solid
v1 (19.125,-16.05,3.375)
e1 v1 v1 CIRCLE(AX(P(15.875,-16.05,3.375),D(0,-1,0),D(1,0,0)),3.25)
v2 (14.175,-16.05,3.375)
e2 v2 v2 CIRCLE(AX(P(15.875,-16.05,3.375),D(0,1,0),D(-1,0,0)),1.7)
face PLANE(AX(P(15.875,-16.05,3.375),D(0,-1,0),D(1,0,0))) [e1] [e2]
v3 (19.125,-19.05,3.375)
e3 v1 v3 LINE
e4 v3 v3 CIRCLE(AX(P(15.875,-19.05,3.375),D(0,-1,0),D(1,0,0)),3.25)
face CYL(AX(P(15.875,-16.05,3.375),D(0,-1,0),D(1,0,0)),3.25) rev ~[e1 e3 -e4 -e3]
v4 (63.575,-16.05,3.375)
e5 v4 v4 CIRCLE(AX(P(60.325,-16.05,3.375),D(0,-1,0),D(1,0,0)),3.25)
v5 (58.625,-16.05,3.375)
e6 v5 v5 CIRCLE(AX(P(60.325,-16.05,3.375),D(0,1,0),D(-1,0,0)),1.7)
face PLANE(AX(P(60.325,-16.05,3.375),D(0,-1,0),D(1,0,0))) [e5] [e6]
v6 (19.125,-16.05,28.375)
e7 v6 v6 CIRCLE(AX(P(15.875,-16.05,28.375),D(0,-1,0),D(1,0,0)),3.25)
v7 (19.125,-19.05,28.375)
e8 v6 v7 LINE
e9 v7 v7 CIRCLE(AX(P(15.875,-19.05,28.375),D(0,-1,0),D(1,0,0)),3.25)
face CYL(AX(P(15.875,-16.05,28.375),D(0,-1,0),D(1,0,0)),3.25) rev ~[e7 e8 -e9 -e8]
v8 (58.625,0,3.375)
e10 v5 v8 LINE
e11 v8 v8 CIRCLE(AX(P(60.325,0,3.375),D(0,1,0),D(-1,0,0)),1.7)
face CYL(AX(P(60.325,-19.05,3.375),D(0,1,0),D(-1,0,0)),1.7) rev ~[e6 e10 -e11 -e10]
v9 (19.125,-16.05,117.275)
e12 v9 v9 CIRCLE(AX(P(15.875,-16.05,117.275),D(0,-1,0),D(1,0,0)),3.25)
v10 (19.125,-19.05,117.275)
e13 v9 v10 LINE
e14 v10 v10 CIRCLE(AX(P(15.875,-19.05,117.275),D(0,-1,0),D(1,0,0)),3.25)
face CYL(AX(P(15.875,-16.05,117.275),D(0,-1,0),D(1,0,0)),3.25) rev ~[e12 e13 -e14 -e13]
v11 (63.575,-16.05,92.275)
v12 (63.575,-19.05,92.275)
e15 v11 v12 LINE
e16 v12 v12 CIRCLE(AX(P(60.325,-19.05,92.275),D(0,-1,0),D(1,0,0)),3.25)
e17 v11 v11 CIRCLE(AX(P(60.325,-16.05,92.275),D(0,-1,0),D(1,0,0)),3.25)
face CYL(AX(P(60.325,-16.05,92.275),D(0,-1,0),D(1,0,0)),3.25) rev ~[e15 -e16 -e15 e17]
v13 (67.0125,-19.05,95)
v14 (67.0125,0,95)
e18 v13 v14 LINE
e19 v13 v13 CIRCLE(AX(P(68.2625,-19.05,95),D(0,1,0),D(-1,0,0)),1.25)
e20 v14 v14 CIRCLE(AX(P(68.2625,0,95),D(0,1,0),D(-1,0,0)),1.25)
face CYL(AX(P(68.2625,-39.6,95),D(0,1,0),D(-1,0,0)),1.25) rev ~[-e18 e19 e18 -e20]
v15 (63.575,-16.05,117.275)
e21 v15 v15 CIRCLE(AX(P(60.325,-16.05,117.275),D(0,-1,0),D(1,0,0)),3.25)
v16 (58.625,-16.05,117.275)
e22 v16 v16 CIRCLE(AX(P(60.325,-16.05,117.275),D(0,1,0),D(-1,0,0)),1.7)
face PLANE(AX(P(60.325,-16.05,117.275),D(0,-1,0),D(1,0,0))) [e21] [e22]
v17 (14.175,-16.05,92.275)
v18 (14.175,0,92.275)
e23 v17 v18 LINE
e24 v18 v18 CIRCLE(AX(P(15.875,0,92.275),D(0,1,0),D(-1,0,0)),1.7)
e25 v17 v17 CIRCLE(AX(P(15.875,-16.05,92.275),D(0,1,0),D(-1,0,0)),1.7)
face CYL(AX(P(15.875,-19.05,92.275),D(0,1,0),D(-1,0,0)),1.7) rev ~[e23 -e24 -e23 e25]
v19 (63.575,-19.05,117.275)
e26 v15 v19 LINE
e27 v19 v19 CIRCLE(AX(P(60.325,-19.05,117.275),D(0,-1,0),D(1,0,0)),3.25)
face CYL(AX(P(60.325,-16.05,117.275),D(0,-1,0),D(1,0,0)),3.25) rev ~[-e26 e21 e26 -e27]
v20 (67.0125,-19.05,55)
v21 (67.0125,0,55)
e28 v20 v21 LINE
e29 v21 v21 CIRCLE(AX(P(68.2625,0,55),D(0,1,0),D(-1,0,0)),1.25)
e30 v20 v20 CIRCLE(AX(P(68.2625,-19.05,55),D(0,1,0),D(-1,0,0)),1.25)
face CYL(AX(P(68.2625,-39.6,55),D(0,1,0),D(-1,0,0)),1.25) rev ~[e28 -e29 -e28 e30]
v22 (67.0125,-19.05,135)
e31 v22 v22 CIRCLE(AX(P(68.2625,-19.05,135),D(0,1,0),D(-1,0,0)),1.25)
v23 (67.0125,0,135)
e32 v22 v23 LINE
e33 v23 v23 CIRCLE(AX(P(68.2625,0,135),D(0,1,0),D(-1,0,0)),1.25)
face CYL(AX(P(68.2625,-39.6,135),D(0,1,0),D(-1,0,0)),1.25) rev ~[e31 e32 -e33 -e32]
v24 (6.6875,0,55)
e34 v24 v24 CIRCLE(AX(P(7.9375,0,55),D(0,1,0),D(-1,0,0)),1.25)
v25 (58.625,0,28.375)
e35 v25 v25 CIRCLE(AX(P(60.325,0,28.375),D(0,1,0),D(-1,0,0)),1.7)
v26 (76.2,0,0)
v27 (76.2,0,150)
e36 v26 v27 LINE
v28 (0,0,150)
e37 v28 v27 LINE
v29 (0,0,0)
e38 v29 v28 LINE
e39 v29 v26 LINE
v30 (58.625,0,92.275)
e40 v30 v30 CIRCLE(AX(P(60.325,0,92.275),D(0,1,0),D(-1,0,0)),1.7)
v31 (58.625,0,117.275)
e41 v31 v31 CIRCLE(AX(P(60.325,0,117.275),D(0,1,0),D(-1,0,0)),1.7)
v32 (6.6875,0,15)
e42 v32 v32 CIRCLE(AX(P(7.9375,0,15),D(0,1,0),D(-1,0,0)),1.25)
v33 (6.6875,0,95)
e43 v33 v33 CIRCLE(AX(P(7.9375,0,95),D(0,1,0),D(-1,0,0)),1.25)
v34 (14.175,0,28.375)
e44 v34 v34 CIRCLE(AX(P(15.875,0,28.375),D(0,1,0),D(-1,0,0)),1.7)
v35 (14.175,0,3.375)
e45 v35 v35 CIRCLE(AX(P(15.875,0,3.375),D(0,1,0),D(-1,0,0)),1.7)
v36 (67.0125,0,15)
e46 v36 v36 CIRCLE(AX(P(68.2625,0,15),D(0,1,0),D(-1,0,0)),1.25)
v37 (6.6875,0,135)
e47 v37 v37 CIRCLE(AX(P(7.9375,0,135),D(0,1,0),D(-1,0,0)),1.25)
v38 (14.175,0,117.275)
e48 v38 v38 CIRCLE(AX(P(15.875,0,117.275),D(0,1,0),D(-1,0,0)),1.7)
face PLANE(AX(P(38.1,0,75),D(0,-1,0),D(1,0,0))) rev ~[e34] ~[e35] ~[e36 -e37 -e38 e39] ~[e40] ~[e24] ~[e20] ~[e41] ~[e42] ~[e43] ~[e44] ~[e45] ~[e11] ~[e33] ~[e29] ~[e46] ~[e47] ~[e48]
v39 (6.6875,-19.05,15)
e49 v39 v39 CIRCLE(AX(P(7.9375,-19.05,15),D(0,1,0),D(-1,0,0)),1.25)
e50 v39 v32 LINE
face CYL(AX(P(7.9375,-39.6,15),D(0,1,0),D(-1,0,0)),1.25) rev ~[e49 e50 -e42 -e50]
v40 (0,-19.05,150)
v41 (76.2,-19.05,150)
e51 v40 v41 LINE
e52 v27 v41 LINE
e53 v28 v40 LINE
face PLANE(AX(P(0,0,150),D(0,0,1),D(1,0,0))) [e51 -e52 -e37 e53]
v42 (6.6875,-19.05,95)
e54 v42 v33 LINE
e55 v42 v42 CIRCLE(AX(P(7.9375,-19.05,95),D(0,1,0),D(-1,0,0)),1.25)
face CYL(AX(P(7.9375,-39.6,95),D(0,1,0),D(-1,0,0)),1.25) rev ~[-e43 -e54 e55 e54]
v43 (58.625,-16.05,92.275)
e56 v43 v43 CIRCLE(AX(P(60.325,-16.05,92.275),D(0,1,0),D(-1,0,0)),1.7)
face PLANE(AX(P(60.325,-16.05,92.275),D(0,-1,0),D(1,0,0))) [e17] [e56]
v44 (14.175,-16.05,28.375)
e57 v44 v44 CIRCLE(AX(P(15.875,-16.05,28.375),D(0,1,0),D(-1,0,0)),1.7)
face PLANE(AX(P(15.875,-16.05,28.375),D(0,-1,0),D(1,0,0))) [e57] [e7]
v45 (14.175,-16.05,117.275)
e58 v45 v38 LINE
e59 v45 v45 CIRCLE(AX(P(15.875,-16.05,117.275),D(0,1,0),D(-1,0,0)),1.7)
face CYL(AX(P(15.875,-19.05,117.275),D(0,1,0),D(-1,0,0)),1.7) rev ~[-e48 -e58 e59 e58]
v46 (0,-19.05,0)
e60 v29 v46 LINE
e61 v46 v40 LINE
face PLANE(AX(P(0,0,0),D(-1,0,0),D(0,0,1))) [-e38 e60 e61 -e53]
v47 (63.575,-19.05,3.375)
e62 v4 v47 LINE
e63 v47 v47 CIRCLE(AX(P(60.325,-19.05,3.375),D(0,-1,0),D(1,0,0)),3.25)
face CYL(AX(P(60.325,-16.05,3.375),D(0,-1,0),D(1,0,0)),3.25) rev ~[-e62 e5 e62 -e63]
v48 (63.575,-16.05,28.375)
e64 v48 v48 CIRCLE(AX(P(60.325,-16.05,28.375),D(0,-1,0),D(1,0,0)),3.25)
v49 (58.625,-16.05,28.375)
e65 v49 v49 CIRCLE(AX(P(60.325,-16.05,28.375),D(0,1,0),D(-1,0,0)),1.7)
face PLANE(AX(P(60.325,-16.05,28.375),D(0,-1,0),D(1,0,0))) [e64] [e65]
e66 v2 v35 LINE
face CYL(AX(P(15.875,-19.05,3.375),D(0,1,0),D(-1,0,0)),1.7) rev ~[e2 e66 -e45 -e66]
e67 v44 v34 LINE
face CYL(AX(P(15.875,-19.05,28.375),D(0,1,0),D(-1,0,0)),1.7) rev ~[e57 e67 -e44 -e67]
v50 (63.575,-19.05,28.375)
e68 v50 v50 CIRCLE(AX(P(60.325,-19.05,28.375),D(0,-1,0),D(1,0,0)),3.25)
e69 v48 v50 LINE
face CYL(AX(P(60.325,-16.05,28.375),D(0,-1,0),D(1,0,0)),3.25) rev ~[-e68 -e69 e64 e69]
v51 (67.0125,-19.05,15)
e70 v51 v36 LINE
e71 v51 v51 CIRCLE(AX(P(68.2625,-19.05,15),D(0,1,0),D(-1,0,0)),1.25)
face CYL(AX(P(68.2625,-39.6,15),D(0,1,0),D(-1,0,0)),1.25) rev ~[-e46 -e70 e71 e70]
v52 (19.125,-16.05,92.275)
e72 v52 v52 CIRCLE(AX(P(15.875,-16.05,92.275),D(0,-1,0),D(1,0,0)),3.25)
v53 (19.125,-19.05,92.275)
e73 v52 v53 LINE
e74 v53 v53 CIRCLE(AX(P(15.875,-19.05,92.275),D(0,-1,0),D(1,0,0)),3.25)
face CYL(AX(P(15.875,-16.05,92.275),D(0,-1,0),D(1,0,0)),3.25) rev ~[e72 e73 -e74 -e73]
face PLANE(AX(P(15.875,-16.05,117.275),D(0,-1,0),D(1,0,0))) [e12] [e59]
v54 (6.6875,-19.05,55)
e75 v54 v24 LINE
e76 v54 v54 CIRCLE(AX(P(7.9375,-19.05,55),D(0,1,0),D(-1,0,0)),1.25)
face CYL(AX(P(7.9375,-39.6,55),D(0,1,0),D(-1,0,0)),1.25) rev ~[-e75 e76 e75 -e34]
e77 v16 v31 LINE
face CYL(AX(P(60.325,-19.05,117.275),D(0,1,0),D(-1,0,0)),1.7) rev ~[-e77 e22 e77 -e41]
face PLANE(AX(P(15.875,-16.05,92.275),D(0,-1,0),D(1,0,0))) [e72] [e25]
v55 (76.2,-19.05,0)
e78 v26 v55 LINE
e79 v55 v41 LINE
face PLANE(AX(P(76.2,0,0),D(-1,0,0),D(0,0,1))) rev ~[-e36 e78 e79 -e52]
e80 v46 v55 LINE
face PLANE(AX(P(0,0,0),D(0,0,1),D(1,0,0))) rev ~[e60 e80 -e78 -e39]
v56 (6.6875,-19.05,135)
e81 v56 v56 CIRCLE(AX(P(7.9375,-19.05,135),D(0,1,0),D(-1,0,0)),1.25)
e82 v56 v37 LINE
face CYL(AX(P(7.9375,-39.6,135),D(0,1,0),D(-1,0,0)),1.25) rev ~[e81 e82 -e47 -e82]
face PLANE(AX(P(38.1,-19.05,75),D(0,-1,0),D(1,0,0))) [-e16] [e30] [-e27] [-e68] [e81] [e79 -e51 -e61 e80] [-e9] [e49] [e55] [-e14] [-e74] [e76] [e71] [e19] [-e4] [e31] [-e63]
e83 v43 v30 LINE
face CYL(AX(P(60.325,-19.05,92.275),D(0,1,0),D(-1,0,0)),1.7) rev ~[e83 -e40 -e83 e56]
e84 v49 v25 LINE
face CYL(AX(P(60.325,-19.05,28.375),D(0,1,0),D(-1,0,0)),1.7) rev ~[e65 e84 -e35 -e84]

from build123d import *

# Parameters (mm, degrees)
F0_W           = 76.2
F0_H           = 150
F1_DEPTH       = 19.05
F3_D           = 3.4
F3_CBORE_D     = 6.5
F3_CBORE_DEPTH = 3
F5_D           = 2.5
F5_DEPTH       = 20.55
F5_TIP         = 0.7510757738


with BuildPart() as f1:
    # F0 (on Front) → F1 (new body)
    with BuildSketch(Plane.XZ):
        with Locations((38.1, 75)):
            Rectangle(F0_W, F0_H)
    extrude(amount=F1_DEPTH)

    # F3 (through all)
    with Locations(Plane.XZ.offset(19.05)):
        with Locations((15.875, 117.275), (15.875, 92.275), (15.875, 28.375), (15.875, 3.375), (60.325, 3.375), (60.325, 28.375), (60.325, 92.275), (60.325, 117.275)):
            CounterBoreHole(F3_D / 2, F3_CBORE_D / 2, F3_CBORE_DEPTH)

    # F5
    with Locations(Plane.XZ.offset(19.05)):
        with Locations((7.9375, 135), (7.9375, 95), (7.9375, 55), (7.9375, 15), (68.2625, 15), (68.2625, 55), (68.2625, 95), (68.2625, 135)):
            Hole(F5_D / 2, depth=F5_DEPTH)
            with Locations((0, 0, -(F5_DEPTH + F5_TIP / 2))):  # 118° drill point
                Cone(0, F5_D / 2, F5_TIP, mode=Mode.SUBTRACT)


solid = f1.part
